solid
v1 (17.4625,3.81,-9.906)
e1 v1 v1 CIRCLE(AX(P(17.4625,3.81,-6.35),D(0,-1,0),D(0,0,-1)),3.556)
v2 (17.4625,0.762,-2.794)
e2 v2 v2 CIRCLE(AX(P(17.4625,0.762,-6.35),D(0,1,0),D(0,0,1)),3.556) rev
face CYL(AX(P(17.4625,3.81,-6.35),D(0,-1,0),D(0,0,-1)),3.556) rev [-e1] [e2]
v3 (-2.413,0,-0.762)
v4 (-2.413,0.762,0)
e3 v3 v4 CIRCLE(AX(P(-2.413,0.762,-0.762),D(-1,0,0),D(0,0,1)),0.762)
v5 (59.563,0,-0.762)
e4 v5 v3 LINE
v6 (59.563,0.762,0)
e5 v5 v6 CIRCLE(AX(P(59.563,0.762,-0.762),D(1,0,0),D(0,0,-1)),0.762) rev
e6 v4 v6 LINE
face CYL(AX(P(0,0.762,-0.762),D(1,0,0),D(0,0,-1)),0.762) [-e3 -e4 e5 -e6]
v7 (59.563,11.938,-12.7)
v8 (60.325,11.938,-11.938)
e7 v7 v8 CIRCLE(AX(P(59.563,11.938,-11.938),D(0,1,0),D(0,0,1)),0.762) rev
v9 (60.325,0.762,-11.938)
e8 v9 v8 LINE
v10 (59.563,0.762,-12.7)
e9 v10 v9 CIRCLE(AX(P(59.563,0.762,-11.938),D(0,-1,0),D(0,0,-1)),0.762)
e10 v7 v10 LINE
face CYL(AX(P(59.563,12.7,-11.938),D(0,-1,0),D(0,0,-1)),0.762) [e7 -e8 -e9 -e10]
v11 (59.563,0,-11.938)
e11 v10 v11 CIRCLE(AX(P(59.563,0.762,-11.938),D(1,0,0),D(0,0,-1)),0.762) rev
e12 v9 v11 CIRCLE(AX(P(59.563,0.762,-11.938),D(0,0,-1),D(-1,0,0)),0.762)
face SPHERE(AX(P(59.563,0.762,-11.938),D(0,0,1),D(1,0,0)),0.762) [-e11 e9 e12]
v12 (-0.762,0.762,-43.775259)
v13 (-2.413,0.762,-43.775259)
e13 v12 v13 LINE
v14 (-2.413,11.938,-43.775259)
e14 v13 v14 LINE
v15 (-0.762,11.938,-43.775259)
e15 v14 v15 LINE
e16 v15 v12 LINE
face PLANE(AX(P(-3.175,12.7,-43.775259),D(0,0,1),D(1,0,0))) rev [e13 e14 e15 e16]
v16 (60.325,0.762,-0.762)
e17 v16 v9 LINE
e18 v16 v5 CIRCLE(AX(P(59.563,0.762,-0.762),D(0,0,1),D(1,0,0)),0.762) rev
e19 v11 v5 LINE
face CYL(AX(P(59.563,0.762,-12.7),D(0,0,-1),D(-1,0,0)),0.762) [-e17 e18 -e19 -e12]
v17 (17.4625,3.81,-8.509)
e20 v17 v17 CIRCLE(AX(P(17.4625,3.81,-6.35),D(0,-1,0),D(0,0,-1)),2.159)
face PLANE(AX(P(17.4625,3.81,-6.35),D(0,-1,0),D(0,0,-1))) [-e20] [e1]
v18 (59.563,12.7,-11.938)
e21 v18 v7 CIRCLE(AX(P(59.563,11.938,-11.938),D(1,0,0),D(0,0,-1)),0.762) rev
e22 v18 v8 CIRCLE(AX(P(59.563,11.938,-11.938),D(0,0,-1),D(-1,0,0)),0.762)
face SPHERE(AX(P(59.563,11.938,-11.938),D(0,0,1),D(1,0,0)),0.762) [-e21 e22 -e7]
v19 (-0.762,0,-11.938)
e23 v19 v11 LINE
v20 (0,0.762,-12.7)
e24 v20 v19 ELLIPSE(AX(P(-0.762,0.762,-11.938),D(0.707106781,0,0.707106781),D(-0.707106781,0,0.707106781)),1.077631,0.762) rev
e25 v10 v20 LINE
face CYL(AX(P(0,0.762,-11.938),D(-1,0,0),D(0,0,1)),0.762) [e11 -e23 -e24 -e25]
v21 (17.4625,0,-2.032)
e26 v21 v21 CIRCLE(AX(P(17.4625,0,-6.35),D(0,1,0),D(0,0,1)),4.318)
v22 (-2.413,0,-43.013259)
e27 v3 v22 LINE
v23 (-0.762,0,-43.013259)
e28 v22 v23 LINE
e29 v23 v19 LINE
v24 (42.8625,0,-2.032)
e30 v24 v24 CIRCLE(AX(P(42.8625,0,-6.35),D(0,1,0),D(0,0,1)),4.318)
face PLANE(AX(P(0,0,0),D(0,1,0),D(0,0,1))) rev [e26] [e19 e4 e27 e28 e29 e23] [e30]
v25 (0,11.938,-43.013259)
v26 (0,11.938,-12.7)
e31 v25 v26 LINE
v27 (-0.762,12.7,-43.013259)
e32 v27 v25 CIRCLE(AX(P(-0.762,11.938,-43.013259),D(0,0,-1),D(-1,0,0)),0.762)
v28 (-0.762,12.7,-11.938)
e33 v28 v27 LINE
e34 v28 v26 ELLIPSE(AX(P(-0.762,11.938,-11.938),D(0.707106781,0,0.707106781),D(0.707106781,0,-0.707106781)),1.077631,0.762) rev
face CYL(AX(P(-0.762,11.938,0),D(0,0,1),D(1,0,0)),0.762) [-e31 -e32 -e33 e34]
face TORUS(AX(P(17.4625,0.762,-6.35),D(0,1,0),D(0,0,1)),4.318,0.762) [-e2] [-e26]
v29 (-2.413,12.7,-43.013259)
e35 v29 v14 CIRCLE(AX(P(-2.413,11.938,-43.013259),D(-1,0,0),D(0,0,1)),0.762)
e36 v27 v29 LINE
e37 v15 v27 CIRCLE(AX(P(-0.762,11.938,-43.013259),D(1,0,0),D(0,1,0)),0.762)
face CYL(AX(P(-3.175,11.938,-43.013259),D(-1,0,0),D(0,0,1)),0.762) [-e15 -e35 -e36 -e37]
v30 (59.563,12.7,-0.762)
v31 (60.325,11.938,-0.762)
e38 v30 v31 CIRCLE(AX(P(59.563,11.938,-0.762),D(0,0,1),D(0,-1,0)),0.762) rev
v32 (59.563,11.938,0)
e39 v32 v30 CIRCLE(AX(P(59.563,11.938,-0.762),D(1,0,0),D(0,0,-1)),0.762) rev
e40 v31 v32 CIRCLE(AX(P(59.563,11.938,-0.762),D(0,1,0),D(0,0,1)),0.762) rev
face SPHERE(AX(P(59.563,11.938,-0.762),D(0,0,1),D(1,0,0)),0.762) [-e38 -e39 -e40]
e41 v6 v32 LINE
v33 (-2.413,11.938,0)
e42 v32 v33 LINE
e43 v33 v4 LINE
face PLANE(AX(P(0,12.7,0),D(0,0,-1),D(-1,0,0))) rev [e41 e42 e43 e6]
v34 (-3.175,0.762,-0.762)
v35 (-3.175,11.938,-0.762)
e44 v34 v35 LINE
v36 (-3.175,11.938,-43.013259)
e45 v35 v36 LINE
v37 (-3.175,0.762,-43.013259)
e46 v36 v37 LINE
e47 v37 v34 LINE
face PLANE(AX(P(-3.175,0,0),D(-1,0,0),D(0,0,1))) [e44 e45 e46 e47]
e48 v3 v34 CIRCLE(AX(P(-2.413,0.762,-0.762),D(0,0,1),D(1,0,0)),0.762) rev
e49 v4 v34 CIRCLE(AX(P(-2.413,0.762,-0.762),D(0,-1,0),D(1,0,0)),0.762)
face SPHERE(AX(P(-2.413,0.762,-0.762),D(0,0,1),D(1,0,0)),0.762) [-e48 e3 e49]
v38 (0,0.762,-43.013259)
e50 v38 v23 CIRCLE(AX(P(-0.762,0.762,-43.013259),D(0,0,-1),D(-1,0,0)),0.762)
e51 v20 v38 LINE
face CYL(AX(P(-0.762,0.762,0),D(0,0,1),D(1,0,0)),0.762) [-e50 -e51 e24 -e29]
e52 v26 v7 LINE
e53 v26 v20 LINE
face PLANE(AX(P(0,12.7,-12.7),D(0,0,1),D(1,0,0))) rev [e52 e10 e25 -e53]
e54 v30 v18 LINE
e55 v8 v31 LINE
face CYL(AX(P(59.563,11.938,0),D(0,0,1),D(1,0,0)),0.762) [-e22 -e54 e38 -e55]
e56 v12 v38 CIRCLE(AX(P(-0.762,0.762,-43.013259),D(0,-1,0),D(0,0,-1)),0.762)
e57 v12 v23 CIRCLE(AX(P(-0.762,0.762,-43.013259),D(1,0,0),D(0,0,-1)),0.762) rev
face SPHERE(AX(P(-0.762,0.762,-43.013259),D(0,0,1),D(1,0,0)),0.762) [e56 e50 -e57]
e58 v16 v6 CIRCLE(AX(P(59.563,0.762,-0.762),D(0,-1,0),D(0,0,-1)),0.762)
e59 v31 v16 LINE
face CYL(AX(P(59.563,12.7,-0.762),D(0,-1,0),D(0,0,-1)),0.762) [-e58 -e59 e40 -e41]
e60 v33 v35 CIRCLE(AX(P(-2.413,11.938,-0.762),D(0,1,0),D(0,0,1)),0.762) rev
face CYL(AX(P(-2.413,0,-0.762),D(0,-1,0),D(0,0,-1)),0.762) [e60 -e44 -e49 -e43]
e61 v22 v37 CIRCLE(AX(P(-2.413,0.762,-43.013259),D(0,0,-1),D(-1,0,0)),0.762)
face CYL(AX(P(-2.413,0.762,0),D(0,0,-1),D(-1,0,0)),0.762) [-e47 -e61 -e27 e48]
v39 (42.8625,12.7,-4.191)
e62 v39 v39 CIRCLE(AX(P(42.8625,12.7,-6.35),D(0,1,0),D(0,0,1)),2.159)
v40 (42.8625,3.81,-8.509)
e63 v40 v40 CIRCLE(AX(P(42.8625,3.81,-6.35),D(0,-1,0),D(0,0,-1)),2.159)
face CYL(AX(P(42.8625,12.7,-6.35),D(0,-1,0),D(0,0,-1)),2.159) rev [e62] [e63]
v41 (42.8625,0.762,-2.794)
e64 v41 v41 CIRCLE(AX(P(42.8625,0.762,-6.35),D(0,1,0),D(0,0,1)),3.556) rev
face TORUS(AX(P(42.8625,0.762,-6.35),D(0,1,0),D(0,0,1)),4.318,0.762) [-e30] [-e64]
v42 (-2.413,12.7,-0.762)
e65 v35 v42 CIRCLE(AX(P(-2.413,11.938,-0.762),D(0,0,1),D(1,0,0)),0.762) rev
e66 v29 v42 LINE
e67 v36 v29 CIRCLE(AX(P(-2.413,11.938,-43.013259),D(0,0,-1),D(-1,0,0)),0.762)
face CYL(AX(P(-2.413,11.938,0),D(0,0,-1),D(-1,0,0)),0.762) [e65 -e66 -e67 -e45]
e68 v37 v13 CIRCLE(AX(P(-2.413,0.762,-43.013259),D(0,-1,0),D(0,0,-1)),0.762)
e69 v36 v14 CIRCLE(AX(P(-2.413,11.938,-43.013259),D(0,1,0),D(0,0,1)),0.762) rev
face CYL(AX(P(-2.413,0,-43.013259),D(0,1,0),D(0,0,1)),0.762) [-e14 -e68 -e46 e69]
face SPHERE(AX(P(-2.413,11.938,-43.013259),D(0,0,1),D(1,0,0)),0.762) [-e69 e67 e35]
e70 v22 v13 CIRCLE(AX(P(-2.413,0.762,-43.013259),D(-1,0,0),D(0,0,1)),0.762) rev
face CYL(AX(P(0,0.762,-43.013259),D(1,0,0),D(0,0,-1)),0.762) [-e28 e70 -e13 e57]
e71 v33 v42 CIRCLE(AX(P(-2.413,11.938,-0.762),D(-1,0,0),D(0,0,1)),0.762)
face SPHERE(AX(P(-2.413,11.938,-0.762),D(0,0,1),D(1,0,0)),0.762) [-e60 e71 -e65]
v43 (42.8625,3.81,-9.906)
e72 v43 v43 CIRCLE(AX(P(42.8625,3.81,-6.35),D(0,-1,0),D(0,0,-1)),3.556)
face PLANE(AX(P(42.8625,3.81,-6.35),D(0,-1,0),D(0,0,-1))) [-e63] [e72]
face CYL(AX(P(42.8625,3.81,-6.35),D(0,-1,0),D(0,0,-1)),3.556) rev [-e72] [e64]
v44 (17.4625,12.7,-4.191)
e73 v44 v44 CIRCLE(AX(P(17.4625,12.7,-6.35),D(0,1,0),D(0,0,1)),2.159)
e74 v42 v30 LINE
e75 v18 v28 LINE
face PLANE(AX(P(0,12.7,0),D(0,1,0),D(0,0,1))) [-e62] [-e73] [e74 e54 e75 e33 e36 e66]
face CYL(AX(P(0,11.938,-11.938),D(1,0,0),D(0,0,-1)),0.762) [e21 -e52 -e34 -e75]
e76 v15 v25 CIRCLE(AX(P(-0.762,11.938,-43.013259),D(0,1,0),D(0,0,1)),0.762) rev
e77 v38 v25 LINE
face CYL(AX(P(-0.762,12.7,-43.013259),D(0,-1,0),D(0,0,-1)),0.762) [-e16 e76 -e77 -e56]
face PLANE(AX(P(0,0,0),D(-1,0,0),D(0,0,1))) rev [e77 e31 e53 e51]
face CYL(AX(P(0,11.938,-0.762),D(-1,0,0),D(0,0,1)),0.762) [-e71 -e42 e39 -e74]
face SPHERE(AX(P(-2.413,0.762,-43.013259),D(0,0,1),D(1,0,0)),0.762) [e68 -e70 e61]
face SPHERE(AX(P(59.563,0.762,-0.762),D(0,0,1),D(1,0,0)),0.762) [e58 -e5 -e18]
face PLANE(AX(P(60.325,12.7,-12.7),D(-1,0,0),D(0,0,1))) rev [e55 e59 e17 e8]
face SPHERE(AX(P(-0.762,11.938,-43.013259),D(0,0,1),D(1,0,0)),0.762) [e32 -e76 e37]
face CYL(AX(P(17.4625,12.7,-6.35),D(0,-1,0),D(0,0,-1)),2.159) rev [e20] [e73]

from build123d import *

# Parameters (mm, degrees)
SKETCH1_W           = 60.325
SKETCH1_H           = 12.7
SKETCH1_R           = 2.159
BOSS_EXTRUDE1_DEPTH = 12.7
SKETCH4_W           = 43.775259309
SKETCH4_H           = 12.7
BOSS_EXTRUDE2_DEPTH = 3.175
SKETCH5_R           = 3.556
CUT_EXTRUDE1_DEPTH  = 3.81
FILLET5_R           = 0.762


with BuildPart() as part:
    # Sketch1 → Boss-Extrude1 (new body)
    with BuildSketch(Plane(origin=(0, 0, 0), x_dir=(1, 0, 0), z_dir=(0, 1, 0))):
        with Locations((30.1625, 6.35)):
            Rectangle(SKETCH1_W, SKETCH1_H)
        with Locations((17.4625, 6.35)):
            Circle(SKETCH1_R, mode=Mode.SUBTRACT)
        with Locations((42.8625, 6.35)):
            Circle(SKETCH1_R, mode=Mode.SUBTRACT)
    extrude(amount=BOSS_EXTRUDE1_DEPTH)

    # Sketch4 → Boss-Extrude2 (add)
    with BuildSketch(Plane.ZY):
        with Locations((-21.887629655, 6.35)):
            Rectangle(SKETCH4_W, SKETCH4_H)
    extrude(amount=BOSS_EXTRUDE2_DEPTH)

    # Sketch5 → Cut-Extrude1 (cut)
    with BuildSketch(Plane.XZ):
        with Locations((42.8625, -6.35)):
            Circle(SKETCH5_R)
        with Locations((17.4625, -6.35)):
            Circle(SKETCH5_R)
    extrude(amount=-CUT_EXTRUDE1_DEPTH, mode=Mode.SUBTRACT)

    # Fillet5
    fillet5_edges = [part.edges().sort_by_distance(p)[0] for p in [
        (60.325, 12.7, -6.35),
        (30.1625, 12.7, -12.7),
        (0, 6.35, -43.775259309),
        (-1.5875, 12.7, -43.775259309),
        (0, 0, -28.237629654),
        (-1.5875, 0, -43.775259309),
        (0, 12.7, -28.237629654),
        (-3.175, 6.35, -43.775259309),
        (-3.175, 0, -21.887629654),
        (-3.175, 6.35, 0),
        (-3.175, 12.7, -21.887629654),
        (39.3065, 0, -6.35),
        (13.9065, 0, -6.35),
        (30.1625, 0, -12.7),
        (60.325, 0, -6.35),
        (28.575, 0, 0),
        (28.575, 12.7, 0),
        (60.325, 6.35, -12.7),
        (60.325, 6.35, 0),
    ]]
    fillet(fillet5_edges, radius=FILLET5_R)


solid = part.part
